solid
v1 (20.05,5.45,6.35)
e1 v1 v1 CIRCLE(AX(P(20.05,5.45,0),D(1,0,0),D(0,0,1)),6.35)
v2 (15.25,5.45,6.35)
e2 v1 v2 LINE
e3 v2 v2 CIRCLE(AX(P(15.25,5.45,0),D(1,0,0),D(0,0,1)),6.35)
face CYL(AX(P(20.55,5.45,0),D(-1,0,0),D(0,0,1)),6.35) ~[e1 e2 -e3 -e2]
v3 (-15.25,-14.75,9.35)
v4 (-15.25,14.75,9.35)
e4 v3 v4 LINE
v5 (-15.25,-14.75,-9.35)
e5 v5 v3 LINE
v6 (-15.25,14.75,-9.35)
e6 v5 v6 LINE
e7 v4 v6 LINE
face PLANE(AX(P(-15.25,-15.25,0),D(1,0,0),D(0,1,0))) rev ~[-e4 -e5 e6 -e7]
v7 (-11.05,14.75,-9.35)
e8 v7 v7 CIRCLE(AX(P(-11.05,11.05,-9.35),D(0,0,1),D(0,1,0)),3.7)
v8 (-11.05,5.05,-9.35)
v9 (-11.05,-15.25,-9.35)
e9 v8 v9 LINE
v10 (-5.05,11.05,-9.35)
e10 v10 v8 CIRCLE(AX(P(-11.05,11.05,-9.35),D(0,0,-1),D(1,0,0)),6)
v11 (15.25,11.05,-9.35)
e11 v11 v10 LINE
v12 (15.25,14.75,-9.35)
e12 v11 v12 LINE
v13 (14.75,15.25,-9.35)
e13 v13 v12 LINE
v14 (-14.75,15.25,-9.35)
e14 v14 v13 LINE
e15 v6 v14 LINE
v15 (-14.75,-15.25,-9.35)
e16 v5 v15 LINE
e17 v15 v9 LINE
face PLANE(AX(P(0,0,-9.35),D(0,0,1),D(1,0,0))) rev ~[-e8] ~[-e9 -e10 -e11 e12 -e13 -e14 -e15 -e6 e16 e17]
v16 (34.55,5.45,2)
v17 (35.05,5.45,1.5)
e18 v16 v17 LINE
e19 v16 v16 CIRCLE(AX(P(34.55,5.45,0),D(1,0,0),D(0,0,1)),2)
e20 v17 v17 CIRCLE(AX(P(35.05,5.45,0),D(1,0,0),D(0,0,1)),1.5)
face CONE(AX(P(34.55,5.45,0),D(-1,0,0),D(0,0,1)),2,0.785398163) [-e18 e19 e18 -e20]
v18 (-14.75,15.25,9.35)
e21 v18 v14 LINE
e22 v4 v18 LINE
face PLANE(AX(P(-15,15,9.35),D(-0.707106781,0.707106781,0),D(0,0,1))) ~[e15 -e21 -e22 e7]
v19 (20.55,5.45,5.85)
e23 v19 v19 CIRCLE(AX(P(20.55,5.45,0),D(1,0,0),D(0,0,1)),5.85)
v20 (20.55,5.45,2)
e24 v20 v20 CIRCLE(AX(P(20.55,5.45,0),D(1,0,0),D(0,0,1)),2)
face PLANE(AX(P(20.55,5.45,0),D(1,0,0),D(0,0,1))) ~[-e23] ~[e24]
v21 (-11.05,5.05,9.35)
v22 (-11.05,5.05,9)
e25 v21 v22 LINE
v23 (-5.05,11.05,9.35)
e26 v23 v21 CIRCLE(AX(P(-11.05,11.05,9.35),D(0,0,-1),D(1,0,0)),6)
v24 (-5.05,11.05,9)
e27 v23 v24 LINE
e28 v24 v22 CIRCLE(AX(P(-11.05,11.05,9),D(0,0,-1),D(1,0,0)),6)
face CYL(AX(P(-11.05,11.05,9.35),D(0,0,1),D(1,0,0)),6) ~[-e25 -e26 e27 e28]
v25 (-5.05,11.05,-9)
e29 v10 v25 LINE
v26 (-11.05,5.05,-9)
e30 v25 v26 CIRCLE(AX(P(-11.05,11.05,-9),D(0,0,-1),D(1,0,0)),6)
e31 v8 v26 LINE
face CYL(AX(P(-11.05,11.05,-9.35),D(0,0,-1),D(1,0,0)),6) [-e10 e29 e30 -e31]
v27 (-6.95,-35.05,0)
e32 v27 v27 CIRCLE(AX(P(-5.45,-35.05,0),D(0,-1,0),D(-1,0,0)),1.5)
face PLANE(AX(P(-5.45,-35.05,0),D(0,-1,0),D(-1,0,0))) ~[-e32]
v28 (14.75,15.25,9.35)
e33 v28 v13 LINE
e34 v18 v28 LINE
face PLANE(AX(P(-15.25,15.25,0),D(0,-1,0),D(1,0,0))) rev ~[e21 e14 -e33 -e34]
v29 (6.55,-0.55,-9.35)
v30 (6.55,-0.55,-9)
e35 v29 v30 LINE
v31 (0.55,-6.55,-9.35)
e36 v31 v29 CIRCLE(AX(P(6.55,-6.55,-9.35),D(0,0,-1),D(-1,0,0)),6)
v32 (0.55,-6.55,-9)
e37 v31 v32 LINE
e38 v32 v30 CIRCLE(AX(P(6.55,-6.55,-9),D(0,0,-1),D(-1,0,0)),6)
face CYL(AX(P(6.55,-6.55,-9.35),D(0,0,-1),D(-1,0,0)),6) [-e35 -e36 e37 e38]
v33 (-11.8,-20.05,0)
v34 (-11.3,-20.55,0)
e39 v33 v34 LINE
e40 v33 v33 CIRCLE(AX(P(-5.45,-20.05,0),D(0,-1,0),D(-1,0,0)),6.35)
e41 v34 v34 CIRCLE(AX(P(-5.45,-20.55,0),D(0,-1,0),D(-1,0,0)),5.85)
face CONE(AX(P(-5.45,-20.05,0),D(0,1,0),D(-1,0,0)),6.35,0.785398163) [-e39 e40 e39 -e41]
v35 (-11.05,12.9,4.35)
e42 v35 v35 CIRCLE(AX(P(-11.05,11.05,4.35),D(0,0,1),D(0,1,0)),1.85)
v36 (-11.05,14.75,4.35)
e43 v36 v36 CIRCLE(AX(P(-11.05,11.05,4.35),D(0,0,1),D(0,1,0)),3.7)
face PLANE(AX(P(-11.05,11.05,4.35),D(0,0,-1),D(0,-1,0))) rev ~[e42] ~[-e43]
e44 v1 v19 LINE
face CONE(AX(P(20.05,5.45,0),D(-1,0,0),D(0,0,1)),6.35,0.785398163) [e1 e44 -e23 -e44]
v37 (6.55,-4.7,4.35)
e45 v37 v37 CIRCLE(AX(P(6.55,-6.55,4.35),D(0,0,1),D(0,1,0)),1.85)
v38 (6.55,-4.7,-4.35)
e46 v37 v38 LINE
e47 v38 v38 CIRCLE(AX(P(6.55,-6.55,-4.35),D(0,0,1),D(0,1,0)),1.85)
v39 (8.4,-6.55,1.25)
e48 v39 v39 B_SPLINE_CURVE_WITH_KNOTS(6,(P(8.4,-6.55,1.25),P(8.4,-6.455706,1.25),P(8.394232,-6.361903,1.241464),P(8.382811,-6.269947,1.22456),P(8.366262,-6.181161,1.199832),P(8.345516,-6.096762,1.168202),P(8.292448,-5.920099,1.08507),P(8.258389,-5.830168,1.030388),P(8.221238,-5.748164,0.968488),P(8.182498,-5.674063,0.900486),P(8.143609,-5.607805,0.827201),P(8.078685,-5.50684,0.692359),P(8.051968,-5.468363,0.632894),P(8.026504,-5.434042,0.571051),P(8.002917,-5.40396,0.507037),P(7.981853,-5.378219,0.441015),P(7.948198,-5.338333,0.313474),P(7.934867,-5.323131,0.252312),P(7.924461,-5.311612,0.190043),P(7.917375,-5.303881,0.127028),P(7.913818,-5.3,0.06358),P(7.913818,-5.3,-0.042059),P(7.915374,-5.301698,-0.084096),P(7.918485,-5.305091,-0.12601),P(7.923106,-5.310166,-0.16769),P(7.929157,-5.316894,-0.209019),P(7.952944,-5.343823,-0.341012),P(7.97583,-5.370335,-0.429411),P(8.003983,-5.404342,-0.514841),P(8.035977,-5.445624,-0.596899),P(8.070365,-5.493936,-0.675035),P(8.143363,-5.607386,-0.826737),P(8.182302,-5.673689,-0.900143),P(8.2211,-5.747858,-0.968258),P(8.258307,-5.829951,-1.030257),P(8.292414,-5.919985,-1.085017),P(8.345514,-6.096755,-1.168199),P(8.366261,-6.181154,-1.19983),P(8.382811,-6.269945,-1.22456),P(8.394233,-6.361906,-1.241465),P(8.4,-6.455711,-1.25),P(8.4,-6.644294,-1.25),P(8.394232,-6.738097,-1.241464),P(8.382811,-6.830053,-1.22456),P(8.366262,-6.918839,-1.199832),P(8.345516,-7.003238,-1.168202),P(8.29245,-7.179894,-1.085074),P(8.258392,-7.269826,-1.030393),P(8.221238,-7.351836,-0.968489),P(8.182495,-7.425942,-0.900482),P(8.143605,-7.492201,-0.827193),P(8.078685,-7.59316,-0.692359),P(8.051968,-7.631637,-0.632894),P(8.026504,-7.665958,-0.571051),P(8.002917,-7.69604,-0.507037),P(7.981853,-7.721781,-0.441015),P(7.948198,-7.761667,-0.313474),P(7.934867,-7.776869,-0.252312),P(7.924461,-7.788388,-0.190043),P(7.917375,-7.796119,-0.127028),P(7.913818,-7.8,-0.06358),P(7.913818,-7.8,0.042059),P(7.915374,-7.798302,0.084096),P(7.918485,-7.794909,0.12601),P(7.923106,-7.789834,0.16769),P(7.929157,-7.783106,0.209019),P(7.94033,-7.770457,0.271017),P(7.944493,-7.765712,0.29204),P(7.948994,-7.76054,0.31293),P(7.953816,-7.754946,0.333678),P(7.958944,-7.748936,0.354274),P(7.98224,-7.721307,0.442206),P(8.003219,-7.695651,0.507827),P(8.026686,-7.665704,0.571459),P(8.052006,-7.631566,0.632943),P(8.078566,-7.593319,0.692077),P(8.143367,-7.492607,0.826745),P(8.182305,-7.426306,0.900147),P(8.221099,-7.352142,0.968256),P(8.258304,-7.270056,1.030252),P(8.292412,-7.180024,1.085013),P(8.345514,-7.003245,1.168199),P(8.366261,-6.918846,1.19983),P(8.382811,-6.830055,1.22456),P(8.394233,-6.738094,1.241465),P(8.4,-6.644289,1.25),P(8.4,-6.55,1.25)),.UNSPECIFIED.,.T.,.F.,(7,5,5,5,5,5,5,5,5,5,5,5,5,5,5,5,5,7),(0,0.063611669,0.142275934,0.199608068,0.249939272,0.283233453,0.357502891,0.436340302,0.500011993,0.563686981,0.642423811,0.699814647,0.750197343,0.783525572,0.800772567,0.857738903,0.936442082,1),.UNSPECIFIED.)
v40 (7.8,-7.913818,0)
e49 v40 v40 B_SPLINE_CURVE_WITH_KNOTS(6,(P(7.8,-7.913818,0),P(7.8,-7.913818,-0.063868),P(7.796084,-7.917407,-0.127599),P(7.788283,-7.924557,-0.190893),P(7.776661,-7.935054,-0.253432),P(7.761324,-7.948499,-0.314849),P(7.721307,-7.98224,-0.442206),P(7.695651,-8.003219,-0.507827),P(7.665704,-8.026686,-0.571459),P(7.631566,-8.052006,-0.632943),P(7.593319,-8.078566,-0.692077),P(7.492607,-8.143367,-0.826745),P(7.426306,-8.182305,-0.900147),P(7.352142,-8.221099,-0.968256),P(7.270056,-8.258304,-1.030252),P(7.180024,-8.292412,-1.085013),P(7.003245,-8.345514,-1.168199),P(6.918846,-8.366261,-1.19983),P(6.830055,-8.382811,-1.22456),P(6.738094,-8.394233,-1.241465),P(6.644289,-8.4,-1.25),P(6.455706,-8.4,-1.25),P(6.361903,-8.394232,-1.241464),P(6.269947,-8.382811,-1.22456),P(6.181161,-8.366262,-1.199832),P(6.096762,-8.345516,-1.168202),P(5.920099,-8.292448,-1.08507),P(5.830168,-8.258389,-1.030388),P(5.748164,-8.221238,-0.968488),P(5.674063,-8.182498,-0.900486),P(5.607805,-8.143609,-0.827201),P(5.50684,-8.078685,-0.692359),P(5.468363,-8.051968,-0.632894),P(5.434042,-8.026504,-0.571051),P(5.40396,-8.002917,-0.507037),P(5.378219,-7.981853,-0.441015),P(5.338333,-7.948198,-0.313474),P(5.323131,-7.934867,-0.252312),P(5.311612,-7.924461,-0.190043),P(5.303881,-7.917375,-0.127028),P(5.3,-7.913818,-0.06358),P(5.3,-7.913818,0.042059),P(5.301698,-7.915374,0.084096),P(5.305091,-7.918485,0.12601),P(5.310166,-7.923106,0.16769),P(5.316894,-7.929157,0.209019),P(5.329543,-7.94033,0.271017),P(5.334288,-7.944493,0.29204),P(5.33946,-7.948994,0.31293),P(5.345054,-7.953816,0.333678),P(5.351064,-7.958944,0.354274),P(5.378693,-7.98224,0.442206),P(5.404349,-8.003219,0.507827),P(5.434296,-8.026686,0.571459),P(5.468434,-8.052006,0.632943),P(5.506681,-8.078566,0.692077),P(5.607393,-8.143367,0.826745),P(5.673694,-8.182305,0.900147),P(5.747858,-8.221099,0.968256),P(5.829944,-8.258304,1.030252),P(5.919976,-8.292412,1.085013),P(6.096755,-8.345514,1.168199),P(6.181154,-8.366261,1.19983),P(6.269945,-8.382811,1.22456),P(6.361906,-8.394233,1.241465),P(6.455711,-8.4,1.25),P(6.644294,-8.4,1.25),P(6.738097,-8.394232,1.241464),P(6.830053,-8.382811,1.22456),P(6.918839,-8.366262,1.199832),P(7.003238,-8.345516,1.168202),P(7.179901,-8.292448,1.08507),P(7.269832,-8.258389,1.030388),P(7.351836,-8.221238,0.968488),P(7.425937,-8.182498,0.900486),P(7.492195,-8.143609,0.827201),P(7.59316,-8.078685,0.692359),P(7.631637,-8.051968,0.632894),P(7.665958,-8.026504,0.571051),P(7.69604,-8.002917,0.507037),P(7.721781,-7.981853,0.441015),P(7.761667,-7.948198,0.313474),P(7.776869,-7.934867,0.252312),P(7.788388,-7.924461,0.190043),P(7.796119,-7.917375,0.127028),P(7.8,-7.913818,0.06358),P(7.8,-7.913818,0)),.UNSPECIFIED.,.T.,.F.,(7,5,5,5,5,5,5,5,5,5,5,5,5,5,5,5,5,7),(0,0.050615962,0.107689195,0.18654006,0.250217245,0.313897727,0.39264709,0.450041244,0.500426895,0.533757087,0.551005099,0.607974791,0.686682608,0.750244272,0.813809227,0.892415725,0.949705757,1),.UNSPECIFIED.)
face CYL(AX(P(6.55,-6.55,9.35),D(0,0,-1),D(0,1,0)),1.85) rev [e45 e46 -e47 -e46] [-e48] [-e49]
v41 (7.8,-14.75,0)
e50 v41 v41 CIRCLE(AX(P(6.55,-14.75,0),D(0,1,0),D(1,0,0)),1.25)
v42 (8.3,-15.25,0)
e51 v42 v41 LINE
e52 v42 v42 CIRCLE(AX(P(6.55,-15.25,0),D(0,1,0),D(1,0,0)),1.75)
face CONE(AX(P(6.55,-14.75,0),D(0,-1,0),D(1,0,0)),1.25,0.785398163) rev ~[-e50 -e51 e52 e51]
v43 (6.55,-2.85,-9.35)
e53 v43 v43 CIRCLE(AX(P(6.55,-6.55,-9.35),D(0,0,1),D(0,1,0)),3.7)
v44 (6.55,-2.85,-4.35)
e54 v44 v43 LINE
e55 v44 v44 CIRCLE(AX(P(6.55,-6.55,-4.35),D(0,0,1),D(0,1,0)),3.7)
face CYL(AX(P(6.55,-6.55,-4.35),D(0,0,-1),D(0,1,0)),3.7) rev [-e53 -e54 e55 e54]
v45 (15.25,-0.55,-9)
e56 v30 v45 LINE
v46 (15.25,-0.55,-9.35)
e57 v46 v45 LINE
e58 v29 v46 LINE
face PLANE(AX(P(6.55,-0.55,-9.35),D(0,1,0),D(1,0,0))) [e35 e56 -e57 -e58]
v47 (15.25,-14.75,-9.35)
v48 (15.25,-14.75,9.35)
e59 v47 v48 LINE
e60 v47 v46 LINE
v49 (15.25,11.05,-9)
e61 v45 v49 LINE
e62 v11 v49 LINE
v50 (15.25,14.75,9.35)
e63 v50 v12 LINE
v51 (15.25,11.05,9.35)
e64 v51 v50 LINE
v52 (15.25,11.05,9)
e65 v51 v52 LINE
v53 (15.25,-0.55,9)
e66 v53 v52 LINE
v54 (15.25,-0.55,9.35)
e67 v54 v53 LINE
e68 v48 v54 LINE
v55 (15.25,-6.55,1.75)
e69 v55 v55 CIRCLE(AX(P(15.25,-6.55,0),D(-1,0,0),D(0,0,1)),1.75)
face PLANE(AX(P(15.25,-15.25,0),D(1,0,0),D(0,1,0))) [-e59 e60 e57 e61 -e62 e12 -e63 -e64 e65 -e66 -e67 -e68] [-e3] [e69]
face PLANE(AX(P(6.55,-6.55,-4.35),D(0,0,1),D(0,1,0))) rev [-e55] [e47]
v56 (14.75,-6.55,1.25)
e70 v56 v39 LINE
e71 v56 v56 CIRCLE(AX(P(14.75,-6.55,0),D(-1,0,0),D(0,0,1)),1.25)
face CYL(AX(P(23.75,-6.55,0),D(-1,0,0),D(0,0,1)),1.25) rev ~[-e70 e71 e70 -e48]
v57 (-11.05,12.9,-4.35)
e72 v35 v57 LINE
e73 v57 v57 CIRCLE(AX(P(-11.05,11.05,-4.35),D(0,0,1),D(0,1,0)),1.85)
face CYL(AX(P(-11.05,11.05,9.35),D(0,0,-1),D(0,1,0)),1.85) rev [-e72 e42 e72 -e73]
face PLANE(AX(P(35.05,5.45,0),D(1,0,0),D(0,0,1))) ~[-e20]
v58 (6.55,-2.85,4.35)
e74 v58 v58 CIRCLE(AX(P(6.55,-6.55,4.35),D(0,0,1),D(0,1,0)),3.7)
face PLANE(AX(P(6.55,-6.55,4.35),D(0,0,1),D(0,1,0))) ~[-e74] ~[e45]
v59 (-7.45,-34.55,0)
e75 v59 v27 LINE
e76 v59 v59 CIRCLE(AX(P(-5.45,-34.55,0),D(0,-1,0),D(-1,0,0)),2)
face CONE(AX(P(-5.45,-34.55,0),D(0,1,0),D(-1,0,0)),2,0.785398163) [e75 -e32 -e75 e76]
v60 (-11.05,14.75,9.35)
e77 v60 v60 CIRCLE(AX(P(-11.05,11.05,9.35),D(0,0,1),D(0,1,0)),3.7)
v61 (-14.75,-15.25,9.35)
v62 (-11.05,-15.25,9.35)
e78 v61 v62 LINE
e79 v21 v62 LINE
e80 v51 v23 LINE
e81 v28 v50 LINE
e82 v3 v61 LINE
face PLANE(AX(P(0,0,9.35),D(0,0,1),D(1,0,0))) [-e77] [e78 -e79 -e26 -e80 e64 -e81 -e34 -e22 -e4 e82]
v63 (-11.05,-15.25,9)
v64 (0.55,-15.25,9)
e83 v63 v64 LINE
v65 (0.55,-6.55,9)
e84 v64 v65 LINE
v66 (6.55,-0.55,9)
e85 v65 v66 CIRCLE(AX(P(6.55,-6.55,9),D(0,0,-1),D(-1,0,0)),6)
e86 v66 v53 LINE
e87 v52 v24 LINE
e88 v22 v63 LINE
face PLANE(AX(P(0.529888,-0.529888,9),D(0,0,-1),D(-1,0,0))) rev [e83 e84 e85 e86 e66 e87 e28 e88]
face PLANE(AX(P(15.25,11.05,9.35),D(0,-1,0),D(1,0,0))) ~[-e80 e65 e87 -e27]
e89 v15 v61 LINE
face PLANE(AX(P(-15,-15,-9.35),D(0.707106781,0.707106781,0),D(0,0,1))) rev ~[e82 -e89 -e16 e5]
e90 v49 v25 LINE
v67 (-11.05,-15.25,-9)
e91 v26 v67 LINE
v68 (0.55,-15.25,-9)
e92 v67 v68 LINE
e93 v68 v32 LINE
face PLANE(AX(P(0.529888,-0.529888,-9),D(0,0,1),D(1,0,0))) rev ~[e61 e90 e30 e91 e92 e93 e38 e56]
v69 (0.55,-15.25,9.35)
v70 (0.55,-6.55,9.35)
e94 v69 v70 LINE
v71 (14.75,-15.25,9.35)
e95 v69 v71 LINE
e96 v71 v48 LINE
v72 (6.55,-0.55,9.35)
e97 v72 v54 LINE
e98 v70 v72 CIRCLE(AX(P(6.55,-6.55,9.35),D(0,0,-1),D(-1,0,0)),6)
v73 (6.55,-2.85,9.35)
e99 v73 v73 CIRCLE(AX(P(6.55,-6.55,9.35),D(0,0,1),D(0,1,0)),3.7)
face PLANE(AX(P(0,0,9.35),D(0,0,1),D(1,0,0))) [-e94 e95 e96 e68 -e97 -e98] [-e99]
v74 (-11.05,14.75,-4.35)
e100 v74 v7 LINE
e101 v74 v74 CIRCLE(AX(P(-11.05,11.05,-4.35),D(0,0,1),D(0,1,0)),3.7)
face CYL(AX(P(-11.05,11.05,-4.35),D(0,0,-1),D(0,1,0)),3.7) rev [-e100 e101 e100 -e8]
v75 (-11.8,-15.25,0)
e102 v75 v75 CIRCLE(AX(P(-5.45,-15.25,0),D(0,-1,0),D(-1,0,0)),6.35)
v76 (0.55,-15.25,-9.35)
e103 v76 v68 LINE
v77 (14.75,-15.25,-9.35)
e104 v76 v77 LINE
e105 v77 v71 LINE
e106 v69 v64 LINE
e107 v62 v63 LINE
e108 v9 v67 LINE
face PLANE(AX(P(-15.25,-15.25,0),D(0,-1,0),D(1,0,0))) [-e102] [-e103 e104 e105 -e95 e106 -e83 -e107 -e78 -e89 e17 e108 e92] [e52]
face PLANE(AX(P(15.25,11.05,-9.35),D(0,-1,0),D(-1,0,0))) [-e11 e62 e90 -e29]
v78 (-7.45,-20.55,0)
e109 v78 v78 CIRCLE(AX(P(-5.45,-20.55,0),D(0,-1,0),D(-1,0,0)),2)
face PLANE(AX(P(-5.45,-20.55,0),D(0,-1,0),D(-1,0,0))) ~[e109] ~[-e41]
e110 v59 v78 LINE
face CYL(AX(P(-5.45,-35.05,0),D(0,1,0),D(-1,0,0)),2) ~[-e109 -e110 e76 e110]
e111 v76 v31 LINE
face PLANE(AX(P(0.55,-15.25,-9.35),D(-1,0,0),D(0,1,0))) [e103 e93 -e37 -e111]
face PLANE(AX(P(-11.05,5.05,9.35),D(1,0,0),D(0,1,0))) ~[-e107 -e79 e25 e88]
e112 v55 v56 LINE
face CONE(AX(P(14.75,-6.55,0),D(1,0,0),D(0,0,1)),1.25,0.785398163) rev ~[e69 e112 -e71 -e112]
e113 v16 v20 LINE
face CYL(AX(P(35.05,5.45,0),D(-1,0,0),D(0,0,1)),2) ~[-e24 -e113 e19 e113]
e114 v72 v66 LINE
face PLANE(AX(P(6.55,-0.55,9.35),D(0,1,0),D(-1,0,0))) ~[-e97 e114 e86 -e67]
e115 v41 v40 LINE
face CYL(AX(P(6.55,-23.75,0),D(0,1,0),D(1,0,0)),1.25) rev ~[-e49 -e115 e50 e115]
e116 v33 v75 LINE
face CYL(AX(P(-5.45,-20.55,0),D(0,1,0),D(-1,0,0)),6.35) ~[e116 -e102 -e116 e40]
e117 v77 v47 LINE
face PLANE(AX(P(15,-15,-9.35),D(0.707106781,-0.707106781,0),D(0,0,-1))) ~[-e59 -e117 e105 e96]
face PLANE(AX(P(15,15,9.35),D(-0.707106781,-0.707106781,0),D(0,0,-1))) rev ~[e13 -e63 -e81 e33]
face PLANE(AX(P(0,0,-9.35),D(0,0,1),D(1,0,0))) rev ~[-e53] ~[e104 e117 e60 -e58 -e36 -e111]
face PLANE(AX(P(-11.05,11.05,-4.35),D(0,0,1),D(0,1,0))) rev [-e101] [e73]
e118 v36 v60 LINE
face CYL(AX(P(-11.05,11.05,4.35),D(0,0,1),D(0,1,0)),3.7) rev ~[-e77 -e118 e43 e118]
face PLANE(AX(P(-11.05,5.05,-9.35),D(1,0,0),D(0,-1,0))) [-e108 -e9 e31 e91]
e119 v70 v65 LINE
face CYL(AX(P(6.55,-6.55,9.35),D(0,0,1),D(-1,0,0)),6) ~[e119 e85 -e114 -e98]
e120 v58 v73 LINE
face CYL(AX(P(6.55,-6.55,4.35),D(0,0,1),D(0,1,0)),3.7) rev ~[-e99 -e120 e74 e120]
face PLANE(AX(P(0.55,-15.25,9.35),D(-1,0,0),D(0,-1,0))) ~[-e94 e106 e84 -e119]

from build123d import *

# Parameters (mm, degrees)
ESQUISSE1_W             = 30.5
ESQUISSE1_H             = 30.5
BOSS_EXTRU_1_DEPTH      = 9.35
TROU_TARAUD_M31_D       = 2.5
TROU_TARAUD_M31_DEPTH   = 8.5
TROU_TARAUD_M31_TIP     = 0.751075774
TROU_TARAUD_M32_D       = 2.5
TROU_TARAUD_M32_DEPTH   = 8.5
TROU_TARAUD_M32_TIP     = 0.751075774
PER_AGE1_AT_2_COUNT     = 2
PER_AGE1_AT_2_PITCH     = 24.890158698
ENL_V_MAT_EXTRU_3_DEPTH = 0.35
CHANFREIN1_SIZE         = 0.5


with BuildPart() as part:
    # Esquisse1 → Boss.-Extru.1 (new, symmetric)
    with BuildSketch(Plane.XY):
        Rectangle(ESQUISSE1_W, ESQUISSE1_H)
    extrude(amount=BOSS_EXTRU_1_DEPTH, both=True)

    # Esquisse2 → Révolution1 (revolve)
    with BuildSketch(Plane.XY, mode=Mode.PRIVATE) as r_volution1_sk:
        Polygon((35.05, 5.45), (35.05, 7.45), (20.55, 7.45), (20.55, 11.8), (15.25, 11.8), (15.25, 5.45), align=None)
    revolve(r_volution1_sk.sketch.rotate(Axis((15.25, 5.45, 0), (1, 0, 0)), 90), axis=Axis((15.25, 5.45, 0), (1, 0, 0)))

    # Esquisse3 → Révolution2 (revolve)
    with BuildSketch(Plane.XY):
        Polygon((-5.45, -35.05), (-7.45, -35.05), (-7.45, -20.55), (-11.8, -20.55), (-11.8, -15.25), (-5.45, -15.25), align=None)
    revolve(axis=Axis((-5.45, -15.25, 0), (0, -1, 0)))

    # Trou taraudé M31
    with Locations(Plane(origin=(15.25, 0, 0), x_dir=(0, 0, -1), z_dir=(1, 0, 0))):
        with Locations((0, -6.55)):
            Hole(TROU_TARAUD_M31_D / 2, depth=TROU_TARAUD_M31_DEPTH)
            with Locations((0, 0, -(TROU_TARAUD_M31_DEPTH + TROU_TARAUD_M31_TIP / 2))):  # 118° drill point
                Cone(0, TROU_TARAUD_M31_D / 2, TROU_TARAUD_M31_TIP, mode=Mode.SUBTRACT)

    # Trou taraudé M32
    with Locations(Plane(origin=(0, -15.25, 0), x_dir=(-1, 0, 0), z_dir=(0, -1, 0))):
        with Locations((-6.55, 0)):
            Hole(TROU_TARAUD_M32_D / 2, depth=TROU_TARAUD_M32_DEPTH)
            with Locations((0, 0, -(TROU_TARAUD_M32_DEPTH + TROU_TARAUD_M32_TIP / 2))):  # 118° drill point
                Cone(0, TROU_TARAUD_M32_D / 2, TROU_TARAUD_M32_TIP, mode=Mode.SUBTRACT)

    # Esquisse8 → Perçage1 (revolve, cut)
    with BuildSketch(Plane(origin=(-11.05, 11.05, -9.35), x_dir=(0, 1, 0), z_dir=(1, 0, 0))):
        Polygon((0, 0), (0, 19.811592145), (1.85, 18.7), (1.85, 5), (3.7, 5), (3.7, 0), align=None)
    per_age1 = revolve(axis=Axis((-11.05, 11.05, -20.660875039), (0, 0, 1)), mode=Mode.SUBTRACT)

    # Perçage1 at 2: Perçage1 ×2
    with Locations(*[Vector(0.7071067811865476, -0.7071067811865476, 0) * (i * PER_AGE1_AT_2_PITCH) for i in range(1, PER_AGE1_AT_2_COUNT)]):
        add(per_age1, mode=Mode.SUBTRACT)

    # Esquisse10 → Enlèv. mat.-Extru.3 (cut)
    with BuildSketch(Plane.XY.offset(-9.35)):
        with BuildLine():
            Line((15.25, 11.05), (-5.05, 11.05))
            ThreePointArc((-5.05, 11.05), (-6.807359313, 6.807359313), (-11.05, 5.05))
            Line((-11.05, 5.05), (-11.05, -15.25))
            Line((-11.05, -15.25), (0.55, -15.25))
            Line((0.55, -15.25), (0.55, -6.55))
            ThreePointArc((0.55, -6.55), (2.307359313, -2.307359313), (6.55, -0.55))
            Line((6.55, -0.55), (15.25, -0.55))
            Line((15.25, -0.55), (15.25, 11.05))
        make_face()
    enl_v_mat_extru_3 = extrude(amount=ENL_V_MAT_EXTRU_3_DEPTH, mode=Mode.SUBTRACT)

    # Symétrie1: Perçage1, Enlèv. mat.-Extru.3 across plane
    add(per_age1.mirror(Plane.XY), mode=Mode.SUBTRACT)
    add(enl_v_mat_extru_3.mirror(Plane.XY), mode=Mode.SUBTRACT)

    # Symétrie1 copy 1 sketch → Symétrie1 copy 1 (revolve, cut)
    with BuildSketch(Plane(origin=(6.55, -6.55, 9.35), x_dir=(0, 1, 0), z_dir=(1, 0, 0))):
        Polygon((0, 0), (0, -19.811592145), (1.85, -18.7), (1.85, -5), (3.7, -5), (3.7, 0), align=None)
    revolve(axis=Axis((6.55, -6.55, 20.660875039), (0, 0, 1)), mode=Mode.SUBTRACT)

    # Chanfrein1
    chanfrein1_edges = [part.edges().sort_by_distance(p)[0] for p in [
        (35.05, 5.45, -2),
        (20.55, 5.45, -6.35),
        (-3.45, -35.05, 0),
        (0.9, -20.55, 0),
        (15.25, -6.55, -1.25),
        (5.3, -15.25, 0),
        (15.25, -15.25, 0),
        (-15.25, -15.25, 0),
        (-15.25, 15.25, 0),
        (15.25, 15.25, 0),
    ]]
    chamfer(chanfrein1_edges, length=CHANFREIN1_SIZE)


solid = part.part
